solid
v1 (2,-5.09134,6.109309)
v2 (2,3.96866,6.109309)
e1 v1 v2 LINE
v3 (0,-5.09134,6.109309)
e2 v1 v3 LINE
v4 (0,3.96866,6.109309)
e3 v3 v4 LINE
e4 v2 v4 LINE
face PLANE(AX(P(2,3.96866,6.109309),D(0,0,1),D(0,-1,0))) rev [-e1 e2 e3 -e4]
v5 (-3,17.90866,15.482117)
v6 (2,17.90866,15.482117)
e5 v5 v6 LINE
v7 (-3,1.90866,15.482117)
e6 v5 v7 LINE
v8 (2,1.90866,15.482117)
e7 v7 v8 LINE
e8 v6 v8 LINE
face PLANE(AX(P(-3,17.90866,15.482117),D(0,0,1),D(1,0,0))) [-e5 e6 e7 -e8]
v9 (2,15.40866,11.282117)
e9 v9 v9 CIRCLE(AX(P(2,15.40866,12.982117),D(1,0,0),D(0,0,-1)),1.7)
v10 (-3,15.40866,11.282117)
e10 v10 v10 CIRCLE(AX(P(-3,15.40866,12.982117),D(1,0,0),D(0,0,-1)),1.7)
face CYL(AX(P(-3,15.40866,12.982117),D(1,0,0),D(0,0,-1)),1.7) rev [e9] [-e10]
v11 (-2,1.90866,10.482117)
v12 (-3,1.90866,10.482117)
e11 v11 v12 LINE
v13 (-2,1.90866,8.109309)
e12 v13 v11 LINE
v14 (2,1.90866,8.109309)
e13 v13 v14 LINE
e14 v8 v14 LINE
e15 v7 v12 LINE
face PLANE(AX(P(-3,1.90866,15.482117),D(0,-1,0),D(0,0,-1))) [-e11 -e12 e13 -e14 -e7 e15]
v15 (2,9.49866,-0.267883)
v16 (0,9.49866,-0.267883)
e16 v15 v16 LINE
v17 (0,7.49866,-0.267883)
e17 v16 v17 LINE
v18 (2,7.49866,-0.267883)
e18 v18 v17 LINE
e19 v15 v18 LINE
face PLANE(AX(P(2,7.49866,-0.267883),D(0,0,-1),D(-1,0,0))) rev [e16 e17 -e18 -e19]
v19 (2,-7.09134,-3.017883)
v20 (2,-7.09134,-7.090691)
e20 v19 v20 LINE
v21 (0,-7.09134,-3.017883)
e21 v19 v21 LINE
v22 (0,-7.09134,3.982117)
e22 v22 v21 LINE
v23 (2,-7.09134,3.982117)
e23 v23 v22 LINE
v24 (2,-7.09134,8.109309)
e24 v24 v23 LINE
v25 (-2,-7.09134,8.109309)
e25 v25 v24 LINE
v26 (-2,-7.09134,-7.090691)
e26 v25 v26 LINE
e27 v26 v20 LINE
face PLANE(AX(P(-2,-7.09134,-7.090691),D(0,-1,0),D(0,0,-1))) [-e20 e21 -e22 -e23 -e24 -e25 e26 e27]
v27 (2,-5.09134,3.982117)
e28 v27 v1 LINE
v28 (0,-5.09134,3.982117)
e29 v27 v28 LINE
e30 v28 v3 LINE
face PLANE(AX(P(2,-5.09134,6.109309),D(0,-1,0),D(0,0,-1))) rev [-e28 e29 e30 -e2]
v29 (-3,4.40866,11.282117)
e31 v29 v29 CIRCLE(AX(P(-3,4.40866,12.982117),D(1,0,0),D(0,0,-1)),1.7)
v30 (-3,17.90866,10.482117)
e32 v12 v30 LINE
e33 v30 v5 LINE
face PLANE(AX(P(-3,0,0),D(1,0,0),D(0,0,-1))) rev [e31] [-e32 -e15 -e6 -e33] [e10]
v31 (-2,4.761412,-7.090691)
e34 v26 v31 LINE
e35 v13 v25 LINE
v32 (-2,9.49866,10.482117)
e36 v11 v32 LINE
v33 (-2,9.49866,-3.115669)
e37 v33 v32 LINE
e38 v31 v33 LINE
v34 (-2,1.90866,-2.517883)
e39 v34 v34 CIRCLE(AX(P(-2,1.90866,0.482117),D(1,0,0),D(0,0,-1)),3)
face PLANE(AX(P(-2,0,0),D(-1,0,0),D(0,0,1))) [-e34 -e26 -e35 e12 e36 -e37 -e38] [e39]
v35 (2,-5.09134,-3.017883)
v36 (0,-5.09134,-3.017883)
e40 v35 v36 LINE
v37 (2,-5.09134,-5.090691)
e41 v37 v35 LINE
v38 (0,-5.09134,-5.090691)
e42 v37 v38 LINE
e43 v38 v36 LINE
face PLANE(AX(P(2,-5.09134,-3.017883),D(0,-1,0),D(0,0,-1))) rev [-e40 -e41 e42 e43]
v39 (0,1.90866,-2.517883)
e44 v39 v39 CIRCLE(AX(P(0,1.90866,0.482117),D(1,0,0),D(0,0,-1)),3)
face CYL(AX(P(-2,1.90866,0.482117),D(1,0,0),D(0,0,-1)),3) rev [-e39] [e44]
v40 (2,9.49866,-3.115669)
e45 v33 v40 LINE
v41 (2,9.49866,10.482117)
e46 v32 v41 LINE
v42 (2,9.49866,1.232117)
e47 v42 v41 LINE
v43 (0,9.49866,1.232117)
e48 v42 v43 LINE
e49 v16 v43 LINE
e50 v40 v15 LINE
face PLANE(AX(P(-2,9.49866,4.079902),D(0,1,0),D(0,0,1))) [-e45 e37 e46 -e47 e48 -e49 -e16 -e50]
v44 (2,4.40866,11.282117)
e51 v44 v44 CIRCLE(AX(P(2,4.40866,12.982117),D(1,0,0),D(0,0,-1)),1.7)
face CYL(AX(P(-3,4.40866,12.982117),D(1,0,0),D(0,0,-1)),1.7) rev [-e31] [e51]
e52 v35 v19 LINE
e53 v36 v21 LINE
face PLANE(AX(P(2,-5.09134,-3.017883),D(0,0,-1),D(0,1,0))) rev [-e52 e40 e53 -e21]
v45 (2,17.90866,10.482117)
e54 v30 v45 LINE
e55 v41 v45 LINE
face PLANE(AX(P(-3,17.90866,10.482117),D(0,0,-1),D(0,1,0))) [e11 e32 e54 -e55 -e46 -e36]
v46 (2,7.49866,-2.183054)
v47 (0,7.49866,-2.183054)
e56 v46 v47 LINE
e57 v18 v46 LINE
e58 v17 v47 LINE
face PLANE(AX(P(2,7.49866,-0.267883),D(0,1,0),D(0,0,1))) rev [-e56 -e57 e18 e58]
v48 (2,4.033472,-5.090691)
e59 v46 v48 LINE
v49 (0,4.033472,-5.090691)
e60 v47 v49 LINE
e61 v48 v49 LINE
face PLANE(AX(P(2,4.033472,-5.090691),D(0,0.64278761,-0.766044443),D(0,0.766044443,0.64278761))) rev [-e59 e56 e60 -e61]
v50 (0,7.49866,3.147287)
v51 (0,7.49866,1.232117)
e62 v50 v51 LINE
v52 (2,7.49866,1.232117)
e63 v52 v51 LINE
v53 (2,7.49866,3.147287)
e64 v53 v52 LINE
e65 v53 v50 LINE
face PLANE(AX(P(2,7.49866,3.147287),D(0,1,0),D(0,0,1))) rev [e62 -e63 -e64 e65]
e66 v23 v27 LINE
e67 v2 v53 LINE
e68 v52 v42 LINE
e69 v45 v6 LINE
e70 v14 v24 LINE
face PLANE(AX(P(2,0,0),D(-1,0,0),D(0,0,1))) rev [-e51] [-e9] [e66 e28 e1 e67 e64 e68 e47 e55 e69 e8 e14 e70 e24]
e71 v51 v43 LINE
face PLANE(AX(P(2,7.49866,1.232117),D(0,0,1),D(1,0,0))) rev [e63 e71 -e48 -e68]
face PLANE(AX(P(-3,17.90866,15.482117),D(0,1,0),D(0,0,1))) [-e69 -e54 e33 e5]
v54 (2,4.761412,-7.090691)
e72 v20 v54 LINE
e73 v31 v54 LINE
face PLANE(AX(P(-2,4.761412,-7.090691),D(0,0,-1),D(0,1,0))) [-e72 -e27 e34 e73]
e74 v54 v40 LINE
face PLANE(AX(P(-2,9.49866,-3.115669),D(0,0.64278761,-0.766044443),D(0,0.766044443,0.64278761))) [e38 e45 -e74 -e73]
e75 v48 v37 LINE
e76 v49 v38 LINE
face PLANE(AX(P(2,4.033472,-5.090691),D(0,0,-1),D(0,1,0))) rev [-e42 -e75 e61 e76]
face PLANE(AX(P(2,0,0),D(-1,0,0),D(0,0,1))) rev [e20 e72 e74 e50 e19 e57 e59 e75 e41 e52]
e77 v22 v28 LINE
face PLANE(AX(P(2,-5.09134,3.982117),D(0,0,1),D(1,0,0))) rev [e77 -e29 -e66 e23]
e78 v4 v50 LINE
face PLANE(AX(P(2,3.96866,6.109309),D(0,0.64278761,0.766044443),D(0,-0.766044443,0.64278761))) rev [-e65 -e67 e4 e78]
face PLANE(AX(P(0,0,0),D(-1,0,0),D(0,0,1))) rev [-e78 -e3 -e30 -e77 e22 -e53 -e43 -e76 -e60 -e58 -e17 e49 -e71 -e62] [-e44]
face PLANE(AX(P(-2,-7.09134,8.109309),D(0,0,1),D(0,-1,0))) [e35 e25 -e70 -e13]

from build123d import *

# Parameters (mm, degrees)
BOSS_EXTRUDE1_DEPTH = 2
BOSS_EXTRUDE2_DEPTH = 2
SKETCH3_R           = 3
CUT_EXTRUDE1_DEPTH  = 2
SKETCH4_R           = 1.7
BOSS_EXTRUDE3_DEPTH = 5
CUT_EXTRUDE2_DEPTH  = 1


with BuildPart() as part:
    # Sketch2 → Boss-Extrude1 (new body)
    with BuildSketch(Plane(origin=(0, 0, 0), x_dir=(0, 0, -1), z_dir=(1, 0, 0))):
        Polygon((-8.109308511, -7.091340238), (-8.109308511, 4.696600231), (-4.079902129, 9.498659762), (3.11566899, 9.498659762), (7.090691489, 4.761412419), (7.090691489, -7.091340238), align=None)
    extrude(amount=-BOSS_EXTRUDE1_DEPTH)

    # Sketch1 → Boss-Extrude2 (add)
    with BuildSketch(Plane(origin=(0, 0, 0), x_dir=(0, 0, -1), z_dir=(1, 0, 0))):
        Polygon((-6.109308511, 3.968659762), (-3.147286813, 7.498659762), (-1.232116569, 7.498659762), (-1.232116569, 9.498659762), (-4.079902129, 9.498659762), (-8.109308511, 4.696600231), (-8.109308511, -7.091340238), (-3.982116569, -7.091340238), (-3.982116569, -5.091340238), (-6.109308511, -5.091340238), align=None)
        Polygon((5.090691489, 4.03347195), (5.090691489, -5.091340238), (3.017883431, -5.091340238), (3.017883431, -7.091340238), (7.090691489, -7.091340238), (7.090691489, 4.761412419), (3.11566899, 9.498659762), (0.267883431, 9.498659762), (0.267883431, 7.498659762), (2.183053674, 7.498659762), align=None)
    extrude(amount=BOSS_EXTRUDE2_DEPTH)

    # Sketch3 → Cut-Extrude1 (cut)
    with BuildSketch(Plane(origin=(0, 0, 0), x_dir=(0, 0, -1), z_dir=(1, 0, 0))):
        with Locations((-0.482116569, 1.908659762)):
            Circle(SKETCH3_R)
    extrude(amount=-CUT_EXTRUDE1_DEPTH, mode=Mode.SUBTRACT)

    # Sketch4 → Boss-Extrude3 (add)
    with BuildSketch(Plane(origin=(2, 0, 0), x_dir=(0, 0, -1), z_dir=(1, 0, 0))):
        Polygon((-15.482116569, 1.908659762), (-8.109308511, 1.908659762), (-8.109308511, 4.696600231), (-4.079902129, 9.498659762), (-10.482116569, 9.498659762), (-10.482116569, 17.908659762), (-15.482116569, 17.908659762), align=None)
        with Locations((-12.982116569, 4.408659762)):
            Circle(SKETCH4_R, mode=Mode.SUBTRACT)
        with Locations((-12.982116569, 15.408659762)):
            Circle(SKETCH4_R, mode=Mode.SUBTRACT)
    extrude(amount=-BOSS_EXTRUDE3_DEPTH)

    # Sketch5 → Cut-Extrude2 (cut)
    with BuildSketch(Plane.ZY.offset(3)):
        Polygon((10.482116569, 9.498659762), (10.482116569, 1.908659762), (8.109308511, 1.908659762), (8.109308511, 4.696600231), (4.079902129, 9.498659762), align=None)
    extrude(amount=-CUT_EXTRUDE2_DEPTH, mode=Mode.SUBTRACT)


solid = part.part
